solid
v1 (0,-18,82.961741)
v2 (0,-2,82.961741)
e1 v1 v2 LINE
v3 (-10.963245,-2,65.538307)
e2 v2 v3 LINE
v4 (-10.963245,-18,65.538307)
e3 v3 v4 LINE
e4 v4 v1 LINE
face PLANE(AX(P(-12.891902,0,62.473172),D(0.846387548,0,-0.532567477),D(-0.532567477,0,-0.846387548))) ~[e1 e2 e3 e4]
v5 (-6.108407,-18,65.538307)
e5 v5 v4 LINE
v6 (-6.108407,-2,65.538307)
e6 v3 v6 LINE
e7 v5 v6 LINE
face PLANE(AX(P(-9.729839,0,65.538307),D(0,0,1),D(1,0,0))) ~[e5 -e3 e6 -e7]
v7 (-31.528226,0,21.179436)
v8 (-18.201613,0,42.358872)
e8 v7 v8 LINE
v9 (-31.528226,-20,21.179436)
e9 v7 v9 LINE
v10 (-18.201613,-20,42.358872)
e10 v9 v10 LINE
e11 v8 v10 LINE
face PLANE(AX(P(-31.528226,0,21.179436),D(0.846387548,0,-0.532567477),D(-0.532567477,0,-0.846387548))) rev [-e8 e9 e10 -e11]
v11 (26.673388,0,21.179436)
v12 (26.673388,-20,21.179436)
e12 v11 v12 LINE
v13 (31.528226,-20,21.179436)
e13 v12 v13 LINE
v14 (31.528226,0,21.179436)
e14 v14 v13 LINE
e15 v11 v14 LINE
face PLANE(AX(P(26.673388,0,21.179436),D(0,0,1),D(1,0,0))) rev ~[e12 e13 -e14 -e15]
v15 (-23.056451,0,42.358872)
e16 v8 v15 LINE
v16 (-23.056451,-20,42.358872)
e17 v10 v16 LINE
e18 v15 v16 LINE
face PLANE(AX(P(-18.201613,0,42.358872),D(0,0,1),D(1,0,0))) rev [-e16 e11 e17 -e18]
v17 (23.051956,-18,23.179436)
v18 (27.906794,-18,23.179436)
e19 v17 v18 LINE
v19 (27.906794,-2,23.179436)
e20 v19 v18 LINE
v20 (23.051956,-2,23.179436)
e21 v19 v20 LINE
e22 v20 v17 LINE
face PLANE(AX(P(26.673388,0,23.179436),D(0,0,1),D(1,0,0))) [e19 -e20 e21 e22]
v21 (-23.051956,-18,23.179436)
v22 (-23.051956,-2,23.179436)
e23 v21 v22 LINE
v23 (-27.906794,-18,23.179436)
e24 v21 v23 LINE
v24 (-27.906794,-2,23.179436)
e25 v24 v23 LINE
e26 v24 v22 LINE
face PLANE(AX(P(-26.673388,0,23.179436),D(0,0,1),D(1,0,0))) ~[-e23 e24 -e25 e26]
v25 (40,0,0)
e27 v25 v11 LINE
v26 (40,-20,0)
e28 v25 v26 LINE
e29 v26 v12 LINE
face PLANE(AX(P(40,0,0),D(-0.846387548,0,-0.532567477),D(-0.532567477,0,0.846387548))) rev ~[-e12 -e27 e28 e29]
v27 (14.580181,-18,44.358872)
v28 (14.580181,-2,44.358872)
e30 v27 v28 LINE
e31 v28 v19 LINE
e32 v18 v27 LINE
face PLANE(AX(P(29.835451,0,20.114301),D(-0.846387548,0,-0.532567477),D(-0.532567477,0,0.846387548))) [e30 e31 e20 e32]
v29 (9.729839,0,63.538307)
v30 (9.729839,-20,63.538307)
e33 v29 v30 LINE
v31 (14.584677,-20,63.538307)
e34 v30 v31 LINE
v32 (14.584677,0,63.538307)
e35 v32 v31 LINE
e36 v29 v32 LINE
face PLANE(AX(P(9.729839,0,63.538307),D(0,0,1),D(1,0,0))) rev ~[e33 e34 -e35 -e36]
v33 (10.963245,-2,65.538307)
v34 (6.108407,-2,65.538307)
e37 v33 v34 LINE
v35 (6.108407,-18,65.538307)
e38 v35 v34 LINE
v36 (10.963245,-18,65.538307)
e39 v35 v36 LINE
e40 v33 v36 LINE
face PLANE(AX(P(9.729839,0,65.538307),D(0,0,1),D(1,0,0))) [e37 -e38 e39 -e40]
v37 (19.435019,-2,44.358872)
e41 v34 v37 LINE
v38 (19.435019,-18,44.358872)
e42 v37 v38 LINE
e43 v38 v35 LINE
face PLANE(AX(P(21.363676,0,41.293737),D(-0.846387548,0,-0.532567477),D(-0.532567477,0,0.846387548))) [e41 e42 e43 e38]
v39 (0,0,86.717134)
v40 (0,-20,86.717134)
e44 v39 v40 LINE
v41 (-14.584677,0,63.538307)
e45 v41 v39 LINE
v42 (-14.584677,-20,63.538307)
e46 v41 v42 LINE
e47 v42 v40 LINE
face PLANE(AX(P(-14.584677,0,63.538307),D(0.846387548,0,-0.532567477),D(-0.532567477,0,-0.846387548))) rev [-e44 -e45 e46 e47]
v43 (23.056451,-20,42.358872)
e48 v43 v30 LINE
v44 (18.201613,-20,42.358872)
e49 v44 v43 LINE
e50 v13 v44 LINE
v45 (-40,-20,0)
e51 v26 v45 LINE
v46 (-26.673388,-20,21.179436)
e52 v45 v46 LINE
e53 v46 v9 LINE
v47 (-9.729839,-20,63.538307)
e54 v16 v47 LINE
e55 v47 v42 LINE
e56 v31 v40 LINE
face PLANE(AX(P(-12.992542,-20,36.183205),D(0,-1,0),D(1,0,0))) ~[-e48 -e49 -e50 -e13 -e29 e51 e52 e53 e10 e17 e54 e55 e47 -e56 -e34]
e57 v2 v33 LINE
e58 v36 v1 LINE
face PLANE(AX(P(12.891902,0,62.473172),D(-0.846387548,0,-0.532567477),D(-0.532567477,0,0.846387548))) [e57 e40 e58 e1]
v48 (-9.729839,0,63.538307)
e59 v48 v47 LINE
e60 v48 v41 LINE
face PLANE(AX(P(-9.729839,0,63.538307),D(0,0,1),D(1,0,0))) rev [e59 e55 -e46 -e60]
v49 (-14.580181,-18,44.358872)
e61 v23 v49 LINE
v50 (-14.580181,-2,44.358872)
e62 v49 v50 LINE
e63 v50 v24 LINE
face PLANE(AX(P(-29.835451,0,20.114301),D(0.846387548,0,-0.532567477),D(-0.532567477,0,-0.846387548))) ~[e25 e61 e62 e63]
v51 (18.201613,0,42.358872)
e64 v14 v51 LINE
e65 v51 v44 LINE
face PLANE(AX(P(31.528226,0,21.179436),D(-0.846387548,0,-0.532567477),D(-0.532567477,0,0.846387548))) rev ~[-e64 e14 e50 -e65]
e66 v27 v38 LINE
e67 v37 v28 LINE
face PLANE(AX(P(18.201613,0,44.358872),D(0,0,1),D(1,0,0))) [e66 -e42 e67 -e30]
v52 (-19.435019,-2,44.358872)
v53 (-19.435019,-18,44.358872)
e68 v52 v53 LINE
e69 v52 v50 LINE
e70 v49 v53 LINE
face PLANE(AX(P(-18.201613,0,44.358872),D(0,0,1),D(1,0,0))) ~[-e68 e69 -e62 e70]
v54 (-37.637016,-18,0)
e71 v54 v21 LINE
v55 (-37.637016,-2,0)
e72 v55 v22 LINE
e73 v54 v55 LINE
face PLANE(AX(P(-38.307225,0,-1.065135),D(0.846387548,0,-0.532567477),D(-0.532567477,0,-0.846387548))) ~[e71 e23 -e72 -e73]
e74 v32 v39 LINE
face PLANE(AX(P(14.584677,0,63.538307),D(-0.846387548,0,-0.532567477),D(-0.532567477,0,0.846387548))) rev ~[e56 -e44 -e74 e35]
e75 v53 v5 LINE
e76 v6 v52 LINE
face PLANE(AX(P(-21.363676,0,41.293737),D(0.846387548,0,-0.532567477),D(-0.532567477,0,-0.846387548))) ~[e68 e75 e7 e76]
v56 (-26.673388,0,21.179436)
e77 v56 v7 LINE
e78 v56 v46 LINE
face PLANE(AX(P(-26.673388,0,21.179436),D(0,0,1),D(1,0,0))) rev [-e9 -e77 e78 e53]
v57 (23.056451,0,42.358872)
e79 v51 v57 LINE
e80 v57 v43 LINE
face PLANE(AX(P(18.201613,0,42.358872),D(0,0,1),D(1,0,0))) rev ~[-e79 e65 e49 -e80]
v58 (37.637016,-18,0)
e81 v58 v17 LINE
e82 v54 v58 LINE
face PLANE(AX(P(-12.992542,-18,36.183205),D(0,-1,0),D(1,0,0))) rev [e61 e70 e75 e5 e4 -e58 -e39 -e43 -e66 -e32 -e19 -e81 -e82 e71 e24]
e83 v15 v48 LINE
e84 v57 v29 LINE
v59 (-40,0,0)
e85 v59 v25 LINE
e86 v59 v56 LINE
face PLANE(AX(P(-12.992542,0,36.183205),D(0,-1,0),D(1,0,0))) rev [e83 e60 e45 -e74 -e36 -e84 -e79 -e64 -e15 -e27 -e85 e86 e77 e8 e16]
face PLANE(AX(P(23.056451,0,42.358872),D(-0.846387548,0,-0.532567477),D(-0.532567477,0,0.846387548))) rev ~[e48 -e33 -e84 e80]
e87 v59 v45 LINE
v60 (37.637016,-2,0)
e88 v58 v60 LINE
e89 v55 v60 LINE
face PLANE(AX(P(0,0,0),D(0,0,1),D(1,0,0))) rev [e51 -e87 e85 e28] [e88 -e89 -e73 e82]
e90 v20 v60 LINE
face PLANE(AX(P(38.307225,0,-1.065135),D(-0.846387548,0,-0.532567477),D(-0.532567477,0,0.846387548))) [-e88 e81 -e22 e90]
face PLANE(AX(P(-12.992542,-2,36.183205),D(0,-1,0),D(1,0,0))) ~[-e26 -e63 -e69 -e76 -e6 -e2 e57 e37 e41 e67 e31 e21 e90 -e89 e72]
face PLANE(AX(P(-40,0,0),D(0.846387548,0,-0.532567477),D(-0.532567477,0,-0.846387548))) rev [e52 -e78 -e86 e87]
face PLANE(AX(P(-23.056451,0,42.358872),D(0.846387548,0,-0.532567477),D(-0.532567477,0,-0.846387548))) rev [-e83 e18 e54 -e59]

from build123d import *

# Parameters (mm, degrees)
F1_DEPTH = 20
F3_T     = -2


with BuildPart() as f1:
    # F0 (on Front) → F1 (new body)
    with BuildSketch(Plane.XZ):
        Polygon((0, 86.7171336596), (0, 0), (40, 0), (26.6733877361, 21.1794357747), (31.5282256901, 21.1794357747), (18.2016134262, 42.3588715494), (23.0564513803, 42.3588715494), (9.7298391163, 63.5383073241), (14.5846770704, 63.5383073241), align=None)
    extrude(amount=F1_DEPTH)

    # F2: F1 across plane


with BuildPart() as f1_1:
    add(f1.part)
    add(f1.part.mirror(Plane.YZ))

    # F3
    f3_openings = [f1_1.faces().sort_by_distance(p)[0] for p in [
        (0, -10, 0),
    ]]
    offset(amount=F3_T, openings=f3_openings, kind=Kind.INTERSECTION)


solid = f1_1.part
